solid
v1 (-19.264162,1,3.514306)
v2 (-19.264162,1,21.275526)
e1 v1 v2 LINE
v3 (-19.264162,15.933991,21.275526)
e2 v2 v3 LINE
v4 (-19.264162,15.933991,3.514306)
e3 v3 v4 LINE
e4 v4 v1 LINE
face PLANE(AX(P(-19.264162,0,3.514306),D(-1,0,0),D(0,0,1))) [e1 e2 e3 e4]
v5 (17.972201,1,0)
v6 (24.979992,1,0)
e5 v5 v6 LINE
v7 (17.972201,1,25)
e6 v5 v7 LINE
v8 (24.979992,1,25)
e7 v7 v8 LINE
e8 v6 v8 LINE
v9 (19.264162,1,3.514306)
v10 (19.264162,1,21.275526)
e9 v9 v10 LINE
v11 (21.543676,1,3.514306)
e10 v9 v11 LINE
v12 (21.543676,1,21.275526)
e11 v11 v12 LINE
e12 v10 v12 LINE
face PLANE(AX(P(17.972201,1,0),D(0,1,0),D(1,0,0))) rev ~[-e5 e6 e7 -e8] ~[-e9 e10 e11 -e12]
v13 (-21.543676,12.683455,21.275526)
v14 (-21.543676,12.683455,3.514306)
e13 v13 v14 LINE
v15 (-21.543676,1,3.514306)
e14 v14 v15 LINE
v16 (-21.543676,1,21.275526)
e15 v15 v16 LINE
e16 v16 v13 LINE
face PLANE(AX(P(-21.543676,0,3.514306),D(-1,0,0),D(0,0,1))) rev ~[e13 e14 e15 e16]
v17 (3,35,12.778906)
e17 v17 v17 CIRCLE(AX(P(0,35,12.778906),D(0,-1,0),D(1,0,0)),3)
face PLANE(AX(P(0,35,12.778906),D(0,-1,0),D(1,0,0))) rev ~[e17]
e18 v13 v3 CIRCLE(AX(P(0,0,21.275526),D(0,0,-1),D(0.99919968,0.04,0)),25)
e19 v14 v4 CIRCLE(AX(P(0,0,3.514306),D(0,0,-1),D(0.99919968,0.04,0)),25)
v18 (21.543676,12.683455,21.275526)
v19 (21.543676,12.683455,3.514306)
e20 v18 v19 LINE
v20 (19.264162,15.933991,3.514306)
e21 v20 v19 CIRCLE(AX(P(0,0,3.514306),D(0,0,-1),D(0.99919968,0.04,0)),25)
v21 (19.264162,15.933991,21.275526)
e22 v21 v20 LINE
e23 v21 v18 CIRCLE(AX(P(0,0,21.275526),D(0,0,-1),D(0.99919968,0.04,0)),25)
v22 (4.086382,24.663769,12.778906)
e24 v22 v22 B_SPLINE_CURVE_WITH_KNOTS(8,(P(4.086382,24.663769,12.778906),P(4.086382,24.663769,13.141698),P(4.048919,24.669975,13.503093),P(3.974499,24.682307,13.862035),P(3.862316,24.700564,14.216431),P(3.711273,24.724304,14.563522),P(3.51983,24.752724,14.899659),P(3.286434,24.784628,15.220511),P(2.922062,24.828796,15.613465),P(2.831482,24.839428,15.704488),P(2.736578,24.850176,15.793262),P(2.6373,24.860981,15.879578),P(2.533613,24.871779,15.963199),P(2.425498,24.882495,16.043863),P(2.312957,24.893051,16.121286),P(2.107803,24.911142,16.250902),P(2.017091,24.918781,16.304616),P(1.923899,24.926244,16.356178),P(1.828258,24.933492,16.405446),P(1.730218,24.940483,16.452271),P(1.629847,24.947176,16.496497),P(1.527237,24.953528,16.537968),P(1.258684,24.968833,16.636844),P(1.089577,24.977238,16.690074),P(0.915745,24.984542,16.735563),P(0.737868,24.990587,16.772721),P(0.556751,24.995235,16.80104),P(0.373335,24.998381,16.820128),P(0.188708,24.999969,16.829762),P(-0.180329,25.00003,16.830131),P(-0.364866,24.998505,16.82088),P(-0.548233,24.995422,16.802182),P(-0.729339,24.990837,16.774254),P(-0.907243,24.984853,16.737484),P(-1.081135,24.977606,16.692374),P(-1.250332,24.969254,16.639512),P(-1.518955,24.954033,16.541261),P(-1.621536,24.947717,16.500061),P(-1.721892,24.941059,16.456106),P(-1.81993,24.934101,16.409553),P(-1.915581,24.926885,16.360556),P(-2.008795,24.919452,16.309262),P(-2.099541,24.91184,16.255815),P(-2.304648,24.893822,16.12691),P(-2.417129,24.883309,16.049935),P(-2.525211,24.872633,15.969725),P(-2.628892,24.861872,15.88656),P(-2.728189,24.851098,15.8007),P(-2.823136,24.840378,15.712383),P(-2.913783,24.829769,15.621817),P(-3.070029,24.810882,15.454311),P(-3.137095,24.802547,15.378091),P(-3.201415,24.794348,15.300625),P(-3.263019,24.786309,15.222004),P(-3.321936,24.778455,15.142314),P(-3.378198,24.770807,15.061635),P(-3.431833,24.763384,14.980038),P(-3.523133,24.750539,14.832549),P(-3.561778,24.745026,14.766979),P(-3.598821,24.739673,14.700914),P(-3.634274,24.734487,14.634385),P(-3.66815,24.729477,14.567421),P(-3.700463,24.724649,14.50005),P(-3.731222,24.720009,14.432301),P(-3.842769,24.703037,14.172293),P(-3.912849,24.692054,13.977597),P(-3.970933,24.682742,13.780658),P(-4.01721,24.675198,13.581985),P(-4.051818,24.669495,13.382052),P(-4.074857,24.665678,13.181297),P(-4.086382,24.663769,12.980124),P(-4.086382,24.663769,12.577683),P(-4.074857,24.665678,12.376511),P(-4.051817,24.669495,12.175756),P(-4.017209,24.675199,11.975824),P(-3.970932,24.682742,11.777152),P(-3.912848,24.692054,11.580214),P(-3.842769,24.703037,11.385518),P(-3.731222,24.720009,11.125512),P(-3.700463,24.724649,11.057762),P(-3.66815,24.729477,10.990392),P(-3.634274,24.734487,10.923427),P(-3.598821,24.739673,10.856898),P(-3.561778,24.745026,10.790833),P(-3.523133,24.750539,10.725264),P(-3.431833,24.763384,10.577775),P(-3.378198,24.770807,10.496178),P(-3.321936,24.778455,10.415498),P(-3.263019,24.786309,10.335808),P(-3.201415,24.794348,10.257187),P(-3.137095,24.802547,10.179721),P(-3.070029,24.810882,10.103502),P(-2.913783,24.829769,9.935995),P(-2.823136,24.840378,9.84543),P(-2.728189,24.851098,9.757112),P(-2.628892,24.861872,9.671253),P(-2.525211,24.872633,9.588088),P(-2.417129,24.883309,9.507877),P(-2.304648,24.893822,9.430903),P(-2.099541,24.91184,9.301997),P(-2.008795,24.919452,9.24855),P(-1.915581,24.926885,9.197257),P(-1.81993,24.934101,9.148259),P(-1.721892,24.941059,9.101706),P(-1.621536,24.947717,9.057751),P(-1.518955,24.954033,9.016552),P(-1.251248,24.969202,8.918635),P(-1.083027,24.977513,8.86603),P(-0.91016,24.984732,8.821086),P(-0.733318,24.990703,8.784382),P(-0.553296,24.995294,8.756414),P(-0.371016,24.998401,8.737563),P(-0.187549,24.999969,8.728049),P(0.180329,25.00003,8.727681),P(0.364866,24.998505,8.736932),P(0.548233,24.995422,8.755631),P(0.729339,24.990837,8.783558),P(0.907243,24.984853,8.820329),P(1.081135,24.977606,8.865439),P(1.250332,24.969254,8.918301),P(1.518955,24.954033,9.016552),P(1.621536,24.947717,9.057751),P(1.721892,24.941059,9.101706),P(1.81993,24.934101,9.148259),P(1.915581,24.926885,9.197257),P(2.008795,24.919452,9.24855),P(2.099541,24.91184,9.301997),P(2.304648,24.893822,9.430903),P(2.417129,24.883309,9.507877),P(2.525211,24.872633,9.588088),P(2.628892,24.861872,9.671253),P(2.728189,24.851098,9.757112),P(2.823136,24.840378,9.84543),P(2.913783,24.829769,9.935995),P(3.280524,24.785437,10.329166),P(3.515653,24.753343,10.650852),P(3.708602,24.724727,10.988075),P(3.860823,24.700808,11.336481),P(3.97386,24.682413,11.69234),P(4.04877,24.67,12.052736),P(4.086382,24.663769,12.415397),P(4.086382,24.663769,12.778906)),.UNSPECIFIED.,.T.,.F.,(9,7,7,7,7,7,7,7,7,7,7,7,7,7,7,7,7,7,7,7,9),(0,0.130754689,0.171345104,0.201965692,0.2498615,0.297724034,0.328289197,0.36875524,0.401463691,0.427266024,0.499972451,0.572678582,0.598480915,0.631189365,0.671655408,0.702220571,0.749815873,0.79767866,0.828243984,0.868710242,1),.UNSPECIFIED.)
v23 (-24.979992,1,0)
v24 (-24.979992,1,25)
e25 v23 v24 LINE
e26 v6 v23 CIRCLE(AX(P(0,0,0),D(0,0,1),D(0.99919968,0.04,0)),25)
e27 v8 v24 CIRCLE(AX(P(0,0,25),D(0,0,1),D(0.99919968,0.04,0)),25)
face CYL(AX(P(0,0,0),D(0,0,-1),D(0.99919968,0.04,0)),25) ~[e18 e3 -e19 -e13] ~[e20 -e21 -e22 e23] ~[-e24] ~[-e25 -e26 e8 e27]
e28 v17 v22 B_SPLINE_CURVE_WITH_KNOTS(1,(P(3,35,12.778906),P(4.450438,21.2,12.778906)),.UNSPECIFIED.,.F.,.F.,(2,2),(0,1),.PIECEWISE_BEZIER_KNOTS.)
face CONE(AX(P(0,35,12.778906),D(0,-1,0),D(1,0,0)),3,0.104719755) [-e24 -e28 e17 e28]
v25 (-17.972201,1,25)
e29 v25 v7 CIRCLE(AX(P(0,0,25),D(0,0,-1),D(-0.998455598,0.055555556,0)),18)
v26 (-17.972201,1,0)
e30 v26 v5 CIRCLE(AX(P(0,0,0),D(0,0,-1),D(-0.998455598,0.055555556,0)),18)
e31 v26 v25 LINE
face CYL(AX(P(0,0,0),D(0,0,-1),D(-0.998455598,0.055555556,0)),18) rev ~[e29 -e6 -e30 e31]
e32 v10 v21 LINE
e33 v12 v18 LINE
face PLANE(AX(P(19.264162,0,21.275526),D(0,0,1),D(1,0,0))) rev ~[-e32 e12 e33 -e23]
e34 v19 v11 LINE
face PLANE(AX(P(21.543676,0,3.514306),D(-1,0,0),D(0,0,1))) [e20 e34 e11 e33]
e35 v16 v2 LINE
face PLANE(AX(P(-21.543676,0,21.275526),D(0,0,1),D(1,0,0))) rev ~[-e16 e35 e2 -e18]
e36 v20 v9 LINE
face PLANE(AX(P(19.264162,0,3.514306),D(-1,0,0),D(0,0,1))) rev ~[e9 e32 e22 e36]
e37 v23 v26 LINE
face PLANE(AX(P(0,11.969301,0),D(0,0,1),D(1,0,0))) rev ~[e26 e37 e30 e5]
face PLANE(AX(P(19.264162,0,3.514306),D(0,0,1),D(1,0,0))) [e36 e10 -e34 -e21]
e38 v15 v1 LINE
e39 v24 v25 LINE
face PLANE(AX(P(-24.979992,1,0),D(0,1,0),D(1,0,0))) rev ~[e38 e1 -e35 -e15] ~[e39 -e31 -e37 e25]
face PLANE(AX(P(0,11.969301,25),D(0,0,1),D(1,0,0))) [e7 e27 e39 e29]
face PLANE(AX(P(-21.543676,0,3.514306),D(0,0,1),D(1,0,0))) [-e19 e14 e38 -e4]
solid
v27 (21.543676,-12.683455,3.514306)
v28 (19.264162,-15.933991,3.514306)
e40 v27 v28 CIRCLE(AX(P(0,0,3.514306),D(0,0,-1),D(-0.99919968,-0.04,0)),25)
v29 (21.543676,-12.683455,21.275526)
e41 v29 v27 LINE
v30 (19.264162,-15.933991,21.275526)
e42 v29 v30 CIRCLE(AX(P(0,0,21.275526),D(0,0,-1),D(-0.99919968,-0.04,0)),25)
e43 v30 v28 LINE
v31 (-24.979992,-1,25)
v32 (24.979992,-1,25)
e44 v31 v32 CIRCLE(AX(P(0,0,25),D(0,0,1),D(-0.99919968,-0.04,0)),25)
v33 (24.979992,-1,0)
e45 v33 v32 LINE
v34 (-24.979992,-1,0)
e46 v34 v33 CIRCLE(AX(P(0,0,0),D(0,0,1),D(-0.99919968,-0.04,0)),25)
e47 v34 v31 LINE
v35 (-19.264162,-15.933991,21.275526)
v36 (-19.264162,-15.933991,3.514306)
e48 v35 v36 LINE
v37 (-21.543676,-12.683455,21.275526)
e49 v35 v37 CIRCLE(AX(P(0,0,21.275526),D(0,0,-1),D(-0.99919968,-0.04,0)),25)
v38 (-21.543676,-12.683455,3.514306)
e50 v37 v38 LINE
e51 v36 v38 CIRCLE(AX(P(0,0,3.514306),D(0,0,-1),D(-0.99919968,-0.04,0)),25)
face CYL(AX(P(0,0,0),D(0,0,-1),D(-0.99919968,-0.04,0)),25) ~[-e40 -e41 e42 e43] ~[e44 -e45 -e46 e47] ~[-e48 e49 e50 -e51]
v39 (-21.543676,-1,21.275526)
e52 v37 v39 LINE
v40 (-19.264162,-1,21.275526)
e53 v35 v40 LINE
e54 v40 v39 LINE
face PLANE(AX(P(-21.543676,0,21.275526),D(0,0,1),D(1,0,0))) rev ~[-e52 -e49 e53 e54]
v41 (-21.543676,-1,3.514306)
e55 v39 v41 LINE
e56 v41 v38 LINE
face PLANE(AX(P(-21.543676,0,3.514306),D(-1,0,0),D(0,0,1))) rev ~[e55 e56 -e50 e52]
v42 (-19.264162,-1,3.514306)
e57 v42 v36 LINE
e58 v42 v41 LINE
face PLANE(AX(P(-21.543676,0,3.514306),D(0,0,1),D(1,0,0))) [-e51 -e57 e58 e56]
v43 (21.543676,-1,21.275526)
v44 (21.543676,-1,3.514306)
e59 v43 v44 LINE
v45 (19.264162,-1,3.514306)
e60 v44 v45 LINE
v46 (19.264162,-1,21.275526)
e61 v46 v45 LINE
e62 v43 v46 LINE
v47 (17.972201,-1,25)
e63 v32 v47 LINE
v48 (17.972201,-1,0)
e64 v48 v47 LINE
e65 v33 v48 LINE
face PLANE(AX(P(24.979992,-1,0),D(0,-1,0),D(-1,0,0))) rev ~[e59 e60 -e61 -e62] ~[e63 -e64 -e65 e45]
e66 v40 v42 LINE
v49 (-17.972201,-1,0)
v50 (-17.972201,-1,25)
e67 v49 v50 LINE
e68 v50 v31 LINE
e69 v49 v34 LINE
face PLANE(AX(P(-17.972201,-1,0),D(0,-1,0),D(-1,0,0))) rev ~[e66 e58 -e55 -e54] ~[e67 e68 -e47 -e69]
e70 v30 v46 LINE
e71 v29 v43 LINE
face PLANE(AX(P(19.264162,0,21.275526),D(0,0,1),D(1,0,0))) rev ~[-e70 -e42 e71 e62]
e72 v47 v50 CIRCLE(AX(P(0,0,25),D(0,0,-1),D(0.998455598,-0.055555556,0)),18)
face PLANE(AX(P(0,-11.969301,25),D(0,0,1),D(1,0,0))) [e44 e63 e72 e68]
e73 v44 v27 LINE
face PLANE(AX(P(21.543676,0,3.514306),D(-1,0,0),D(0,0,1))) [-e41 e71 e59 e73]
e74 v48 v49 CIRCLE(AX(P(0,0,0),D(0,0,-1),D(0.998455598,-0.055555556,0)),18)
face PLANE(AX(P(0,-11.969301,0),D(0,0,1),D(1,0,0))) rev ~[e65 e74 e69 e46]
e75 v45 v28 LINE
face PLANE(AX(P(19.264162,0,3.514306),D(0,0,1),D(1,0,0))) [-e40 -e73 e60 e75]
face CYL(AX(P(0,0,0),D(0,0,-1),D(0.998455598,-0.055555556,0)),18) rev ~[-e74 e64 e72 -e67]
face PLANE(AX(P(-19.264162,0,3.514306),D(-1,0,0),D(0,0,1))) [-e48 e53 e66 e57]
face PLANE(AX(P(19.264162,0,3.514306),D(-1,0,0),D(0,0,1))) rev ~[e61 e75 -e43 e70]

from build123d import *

# Parameters (mm, degrees)
F1_DEPTH      = 25
F2_W          = 2.2795144469
F2_H          = 17.7612202242
F3_DEPTH      = 25
F3_DEPTH_BACK = 25
F5_R          = 3
F6_DEPTH      = 13.8
F6_TAPER      = -6


with BuildPart() as f1:
    # F0 (on Top) → F1 (new body)
    with BuildSketch(Plane.XY):
        with BuildLine():
            Line((17.9722007556, 1), (24.9799919936, 1))
            ThreePointArc((24.9799919936, 1), (0, 25), (-24.9799919936, 1))
            Line((-24.9799919936, 1), (-17.9722007556, 1))
            ThreePointArc((-17.9722007556, 1), (0, 18), (17.9722007556, 1))
        make_face()
    extrude(amount=F1_DEPTH)


with BuildPart() as f1b:
    # F0 (on Top) → F1, piece 2 (new body)
    with BuildSketch(Plane.XY):
        with BuildLine():
            ThreePointArc((17.9722007556, -1), (0, -18), (-17.9722007556, -1))
            Line((-17.9722007556, -1), (-24.9799919936, -1))
            ThreePointArc((-24.9799919936, -1), (0, -25), (24.9799919936, -1))
            Line((24.9799919936, -1), (17.9722007556, -1))
        make_face()
    extrude(amount=F1_DEPTH)


with BuildPart() as f3_tool:
    # F2 (on Front) → F3 (new body, two sides)
    with BuildSketch(Plane.XZ) as f3_sk:
        with Locations((20.4039188102, 12.3949158005)):
            Rectangle(F2_W, F2_H)
        with Locations((-20.4039188102, 12.3949158005)):
            Rectangle(F2_W, F2_H)
    extrude(amount=-F3_DEPTH)
    extrude(f3_sk.sketch, amount=F3_DEPTH_BACK)


with BuildPart() as f1_1:
    add(f1.part)

    # F3: cut by f3_tool
    add(f3_tool.part, mode=Mode.SUBTRACT)

    # F5 (on offset) → F6 (join)
    with BuildSketch(Plane.XZ.offset(-35)):
        with Locations((0, 12.7789061517)):
            Circle(F5_R)
    extrude(amount=F6_DEPTH, taper=F6_TAPER)


with BuildPart() as f1b_1:
    add(f1b.part)

    # F3: cut by f3_tool
    add(f3_tool.part, mode=Mode.SUBTRACT)


solid = Compound([f1_1.part, f1b_1.part])
